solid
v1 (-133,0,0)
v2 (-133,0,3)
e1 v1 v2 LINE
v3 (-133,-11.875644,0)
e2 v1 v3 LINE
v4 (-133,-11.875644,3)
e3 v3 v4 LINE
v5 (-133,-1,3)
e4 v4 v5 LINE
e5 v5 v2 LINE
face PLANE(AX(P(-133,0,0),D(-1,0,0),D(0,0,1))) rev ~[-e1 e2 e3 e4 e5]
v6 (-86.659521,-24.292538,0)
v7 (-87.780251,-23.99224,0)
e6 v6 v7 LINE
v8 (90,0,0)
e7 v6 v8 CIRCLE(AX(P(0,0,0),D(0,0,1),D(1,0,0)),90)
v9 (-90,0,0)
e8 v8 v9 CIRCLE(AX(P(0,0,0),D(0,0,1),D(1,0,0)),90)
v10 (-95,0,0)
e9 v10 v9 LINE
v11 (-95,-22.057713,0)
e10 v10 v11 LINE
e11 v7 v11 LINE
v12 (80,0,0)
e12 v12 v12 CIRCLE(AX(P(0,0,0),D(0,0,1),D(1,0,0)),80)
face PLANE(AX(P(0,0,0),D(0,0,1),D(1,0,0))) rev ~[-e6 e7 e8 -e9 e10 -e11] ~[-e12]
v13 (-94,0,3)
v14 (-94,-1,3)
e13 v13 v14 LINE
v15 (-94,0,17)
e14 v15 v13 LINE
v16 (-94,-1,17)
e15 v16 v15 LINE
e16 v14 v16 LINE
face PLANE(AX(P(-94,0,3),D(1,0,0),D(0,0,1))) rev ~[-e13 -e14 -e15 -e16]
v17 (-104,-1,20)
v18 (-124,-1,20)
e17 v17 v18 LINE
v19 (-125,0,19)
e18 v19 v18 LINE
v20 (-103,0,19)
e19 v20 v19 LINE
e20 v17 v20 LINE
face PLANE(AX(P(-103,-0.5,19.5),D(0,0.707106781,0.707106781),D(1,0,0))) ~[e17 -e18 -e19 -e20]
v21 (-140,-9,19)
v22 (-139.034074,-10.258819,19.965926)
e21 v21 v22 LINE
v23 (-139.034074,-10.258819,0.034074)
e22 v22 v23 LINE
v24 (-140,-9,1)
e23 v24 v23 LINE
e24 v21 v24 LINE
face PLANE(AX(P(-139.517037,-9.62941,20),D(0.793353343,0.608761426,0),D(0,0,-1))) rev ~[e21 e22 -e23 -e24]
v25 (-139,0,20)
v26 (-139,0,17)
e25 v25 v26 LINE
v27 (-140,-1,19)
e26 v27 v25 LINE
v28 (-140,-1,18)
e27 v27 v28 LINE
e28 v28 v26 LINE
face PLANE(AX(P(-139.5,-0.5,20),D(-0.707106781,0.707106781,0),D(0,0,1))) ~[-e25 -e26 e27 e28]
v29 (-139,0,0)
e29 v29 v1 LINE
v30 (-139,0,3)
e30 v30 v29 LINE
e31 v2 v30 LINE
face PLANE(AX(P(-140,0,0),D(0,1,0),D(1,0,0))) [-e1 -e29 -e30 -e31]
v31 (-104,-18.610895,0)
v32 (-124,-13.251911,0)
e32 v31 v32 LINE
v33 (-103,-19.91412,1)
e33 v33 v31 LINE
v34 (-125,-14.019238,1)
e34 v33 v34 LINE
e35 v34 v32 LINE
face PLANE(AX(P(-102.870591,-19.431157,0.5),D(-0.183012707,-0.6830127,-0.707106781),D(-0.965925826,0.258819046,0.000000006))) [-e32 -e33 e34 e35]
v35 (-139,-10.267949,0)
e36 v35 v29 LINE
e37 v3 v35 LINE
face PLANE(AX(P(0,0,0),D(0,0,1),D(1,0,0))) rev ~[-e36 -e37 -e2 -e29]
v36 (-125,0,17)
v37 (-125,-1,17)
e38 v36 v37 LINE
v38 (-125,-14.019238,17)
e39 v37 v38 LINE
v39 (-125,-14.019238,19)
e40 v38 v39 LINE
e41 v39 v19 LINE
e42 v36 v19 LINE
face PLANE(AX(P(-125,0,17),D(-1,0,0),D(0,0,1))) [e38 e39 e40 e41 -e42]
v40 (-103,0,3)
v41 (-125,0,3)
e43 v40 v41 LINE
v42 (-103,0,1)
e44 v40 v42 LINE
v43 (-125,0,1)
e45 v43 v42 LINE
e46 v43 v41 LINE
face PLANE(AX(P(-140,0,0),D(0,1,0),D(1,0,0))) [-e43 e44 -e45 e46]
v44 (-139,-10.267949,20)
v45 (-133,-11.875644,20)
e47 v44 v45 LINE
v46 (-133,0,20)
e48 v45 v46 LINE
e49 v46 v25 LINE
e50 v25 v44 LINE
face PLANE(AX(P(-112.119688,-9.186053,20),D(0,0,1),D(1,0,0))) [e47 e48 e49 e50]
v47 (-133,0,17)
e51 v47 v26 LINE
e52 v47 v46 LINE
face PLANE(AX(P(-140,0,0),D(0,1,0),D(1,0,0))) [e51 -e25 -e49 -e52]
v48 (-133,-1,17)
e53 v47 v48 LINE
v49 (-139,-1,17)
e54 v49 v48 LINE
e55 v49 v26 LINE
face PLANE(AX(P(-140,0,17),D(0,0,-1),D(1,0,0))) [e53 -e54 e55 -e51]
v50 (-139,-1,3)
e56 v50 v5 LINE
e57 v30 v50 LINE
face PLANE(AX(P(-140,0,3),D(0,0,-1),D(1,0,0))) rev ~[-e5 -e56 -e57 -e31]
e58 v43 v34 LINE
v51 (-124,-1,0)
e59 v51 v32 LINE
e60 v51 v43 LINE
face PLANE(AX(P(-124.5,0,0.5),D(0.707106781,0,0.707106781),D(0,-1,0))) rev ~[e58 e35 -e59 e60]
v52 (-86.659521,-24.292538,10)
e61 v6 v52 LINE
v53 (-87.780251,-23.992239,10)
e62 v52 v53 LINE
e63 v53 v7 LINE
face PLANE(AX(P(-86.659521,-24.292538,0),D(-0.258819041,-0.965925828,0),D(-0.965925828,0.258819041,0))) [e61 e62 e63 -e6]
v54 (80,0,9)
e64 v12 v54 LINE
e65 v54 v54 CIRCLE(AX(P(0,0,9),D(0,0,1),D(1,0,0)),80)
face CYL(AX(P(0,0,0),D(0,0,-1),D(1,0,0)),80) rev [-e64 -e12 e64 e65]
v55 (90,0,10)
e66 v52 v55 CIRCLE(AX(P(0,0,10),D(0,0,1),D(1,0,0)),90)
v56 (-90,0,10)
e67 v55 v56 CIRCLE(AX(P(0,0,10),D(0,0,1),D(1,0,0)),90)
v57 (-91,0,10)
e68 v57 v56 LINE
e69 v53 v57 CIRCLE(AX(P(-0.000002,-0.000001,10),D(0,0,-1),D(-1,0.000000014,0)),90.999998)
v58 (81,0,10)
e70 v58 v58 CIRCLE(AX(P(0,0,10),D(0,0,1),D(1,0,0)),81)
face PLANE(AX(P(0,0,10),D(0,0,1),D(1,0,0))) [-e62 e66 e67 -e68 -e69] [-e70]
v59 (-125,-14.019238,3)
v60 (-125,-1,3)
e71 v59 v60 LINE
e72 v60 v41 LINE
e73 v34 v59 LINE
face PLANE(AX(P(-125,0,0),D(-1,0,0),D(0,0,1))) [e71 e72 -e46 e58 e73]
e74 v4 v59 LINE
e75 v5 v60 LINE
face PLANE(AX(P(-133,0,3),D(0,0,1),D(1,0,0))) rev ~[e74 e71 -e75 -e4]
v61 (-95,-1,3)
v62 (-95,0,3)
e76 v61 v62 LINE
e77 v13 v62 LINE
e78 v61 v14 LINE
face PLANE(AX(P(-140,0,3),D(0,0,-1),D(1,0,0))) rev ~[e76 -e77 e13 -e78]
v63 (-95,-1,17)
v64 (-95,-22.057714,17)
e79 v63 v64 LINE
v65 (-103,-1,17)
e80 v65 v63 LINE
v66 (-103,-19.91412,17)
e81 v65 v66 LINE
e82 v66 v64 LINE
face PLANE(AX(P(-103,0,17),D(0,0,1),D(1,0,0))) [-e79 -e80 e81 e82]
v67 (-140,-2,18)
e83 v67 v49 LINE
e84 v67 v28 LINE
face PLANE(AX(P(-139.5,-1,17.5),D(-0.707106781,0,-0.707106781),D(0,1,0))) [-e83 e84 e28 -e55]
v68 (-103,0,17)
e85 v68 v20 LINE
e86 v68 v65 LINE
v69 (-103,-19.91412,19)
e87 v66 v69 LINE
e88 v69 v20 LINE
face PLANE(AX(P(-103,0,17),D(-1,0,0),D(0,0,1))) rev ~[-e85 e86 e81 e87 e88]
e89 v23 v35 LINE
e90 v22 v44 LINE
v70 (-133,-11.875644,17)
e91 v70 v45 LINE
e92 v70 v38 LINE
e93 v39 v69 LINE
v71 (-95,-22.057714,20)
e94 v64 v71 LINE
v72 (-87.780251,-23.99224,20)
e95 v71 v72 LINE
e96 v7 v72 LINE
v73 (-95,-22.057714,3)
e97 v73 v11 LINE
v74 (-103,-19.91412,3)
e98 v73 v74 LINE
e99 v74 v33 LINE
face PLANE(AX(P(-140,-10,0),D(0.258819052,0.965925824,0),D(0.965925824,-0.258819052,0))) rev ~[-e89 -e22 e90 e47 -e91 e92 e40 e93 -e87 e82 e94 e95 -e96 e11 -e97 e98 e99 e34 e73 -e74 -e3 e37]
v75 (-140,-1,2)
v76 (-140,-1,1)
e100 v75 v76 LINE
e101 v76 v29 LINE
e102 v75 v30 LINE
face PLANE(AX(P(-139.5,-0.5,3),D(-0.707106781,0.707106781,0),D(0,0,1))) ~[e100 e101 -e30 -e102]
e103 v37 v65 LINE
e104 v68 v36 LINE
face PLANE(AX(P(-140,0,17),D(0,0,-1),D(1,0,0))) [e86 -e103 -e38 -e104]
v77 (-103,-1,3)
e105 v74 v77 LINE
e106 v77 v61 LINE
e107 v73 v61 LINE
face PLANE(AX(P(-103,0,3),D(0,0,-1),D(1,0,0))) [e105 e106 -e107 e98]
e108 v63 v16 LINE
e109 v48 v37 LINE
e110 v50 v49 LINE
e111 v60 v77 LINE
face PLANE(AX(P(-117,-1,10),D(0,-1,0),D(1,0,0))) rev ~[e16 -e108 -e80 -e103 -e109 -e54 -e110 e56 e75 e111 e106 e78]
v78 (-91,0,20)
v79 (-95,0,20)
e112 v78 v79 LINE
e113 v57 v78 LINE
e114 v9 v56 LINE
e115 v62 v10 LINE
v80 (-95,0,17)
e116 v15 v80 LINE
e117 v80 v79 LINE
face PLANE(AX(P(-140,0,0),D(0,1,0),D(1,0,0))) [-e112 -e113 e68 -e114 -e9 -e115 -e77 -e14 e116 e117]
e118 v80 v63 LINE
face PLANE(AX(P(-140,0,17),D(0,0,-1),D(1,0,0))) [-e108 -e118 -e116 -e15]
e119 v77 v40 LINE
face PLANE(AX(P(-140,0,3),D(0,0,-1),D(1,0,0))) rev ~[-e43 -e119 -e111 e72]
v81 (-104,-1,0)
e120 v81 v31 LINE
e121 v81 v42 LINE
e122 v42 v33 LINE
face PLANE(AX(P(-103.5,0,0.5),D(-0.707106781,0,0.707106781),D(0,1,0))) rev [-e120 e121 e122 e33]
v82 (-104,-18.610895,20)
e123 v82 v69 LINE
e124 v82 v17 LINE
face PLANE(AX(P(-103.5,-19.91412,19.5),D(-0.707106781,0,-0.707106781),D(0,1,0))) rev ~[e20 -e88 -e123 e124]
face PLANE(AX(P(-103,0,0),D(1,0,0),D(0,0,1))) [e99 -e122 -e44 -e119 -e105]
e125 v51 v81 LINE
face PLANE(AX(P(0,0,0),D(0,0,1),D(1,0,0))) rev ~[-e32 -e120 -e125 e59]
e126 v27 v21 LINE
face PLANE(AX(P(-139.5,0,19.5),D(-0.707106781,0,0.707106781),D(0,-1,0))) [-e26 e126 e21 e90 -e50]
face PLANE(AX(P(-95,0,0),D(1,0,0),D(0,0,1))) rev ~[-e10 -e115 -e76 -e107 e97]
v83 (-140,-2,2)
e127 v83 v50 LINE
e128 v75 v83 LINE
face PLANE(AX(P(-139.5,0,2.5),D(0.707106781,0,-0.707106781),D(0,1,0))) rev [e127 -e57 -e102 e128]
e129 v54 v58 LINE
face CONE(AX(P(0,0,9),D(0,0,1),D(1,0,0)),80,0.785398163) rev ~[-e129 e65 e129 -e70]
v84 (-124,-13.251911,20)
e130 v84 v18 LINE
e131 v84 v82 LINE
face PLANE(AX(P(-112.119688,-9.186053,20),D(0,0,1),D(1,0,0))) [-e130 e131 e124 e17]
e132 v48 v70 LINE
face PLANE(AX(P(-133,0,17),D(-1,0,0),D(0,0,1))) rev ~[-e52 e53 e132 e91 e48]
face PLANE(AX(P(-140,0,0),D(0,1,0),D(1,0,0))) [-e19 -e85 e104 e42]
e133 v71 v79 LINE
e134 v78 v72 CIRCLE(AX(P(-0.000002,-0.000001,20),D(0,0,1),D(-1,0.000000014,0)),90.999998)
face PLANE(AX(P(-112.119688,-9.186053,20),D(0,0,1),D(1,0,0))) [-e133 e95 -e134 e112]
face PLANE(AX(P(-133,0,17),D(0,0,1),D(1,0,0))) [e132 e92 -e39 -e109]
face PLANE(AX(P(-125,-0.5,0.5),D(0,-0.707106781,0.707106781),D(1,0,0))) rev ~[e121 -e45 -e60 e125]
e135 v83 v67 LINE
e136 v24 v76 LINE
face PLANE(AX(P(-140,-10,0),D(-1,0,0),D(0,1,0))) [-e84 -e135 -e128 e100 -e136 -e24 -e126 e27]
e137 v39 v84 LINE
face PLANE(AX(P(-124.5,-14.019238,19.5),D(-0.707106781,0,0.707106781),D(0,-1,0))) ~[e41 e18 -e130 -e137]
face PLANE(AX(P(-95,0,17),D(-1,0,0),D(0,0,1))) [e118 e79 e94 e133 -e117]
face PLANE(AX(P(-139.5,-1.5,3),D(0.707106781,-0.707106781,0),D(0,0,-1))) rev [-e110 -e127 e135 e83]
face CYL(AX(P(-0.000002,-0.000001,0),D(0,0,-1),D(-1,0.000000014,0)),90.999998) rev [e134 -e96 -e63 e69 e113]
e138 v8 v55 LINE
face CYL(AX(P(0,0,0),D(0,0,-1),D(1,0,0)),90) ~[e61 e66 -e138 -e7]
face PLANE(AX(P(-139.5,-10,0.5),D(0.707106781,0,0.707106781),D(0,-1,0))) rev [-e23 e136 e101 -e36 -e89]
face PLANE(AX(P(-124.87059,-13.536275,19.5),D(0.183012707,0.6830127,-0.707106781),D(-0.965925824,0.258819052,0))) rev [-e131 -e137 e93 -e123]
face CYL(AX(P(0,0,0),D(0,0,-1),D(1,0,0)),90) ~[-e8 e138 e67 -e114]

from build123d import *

# Parameters (mm, degrees)
SKETCH_R        = 90
SKETCH_R_2      = 80
PAD_DEPTH       = 10
PAD001_DEPTH    = 10
PAD002_DEPTH    = 20
SKETCH003_W     = 8
SKETCH003_H     = 3
POCKET_DEPTH    = 26
SKETCH005_W     = 46
SKETCH005_H     = 14
POCKET001_DEPTH = 1
CHAMFER_SIZE    = 1
CHAMFER001_SIZE = 1
CHAMFER002_SIZE = 1
CHAMFER003_SIZE = 1


with BuildPart() as part:
    # Sketch → Pad (new body)
    with BuildSketch(Plane.XY):
        Circle(SKETCH_R)
        Circle(SKETCH_R_2, mode=Mode.SUBTRACT)
    extrude(amount=PAD_DEPTH)

    # Sketch001 → Pad001 (join)
    with BuildSketch(Plane.XY):
        with BuildLine():
            Line((-86.659521, -24.292538), (-140, -10))
            Line((-140, -10), (-140, 0))
            Line((-140, 0), (-90, 0))
            ThreePointArc((-90, 0), (-89.160969, -12.260569), (-86.659521, -24.292538))
        make_face()
    extrude(amount=PAD001_DEPTH)

    # Sketch002 → Pad002 (join)
    with BuildSketch(Plane.XY):
        with BuildLine():
            Line((-91, 0), (-140, 0))
            Line((-140, 0), (-140, -10))
            Line((-140, -10), (-87.780251, -23.99224))
            ThreePointArc((-91, 0), (-90.191471, -12.10366), (-87.780251, -23.99224))
        make_face()
    extrude(amount=PAD002_DEPTH)

    # Sketch003 → Pocket (cut, symmetric)
    with BuildSketch(Plane.XZ):
        with Locations((-129, 18.5)):
            Rectangle(SKETCH003_W, SKETCH003_H)
        with Locations((-99, 18.5)):
            Rectangle(SKETCH003_W, SKETCH003_H)
        with Locations((-129, 1.5)):
            Rectangle(SKETCH003_W, SKETCH003_H)
        with Locations((-99, 1.5)):
            Rectangle(SKETCH003_W, SKETCH003_H)
    extrude(amount=POCKET_DEPTH, both=True, mode=Mode.SUBTRACT)

    # Sketch005 → Pocket001 (cut, symmetric)
    with BuildSketch(Plane.XZ):
        with Locations((-117, 10)):
            Rectangle(SKETCH005_W, SKETCH005_H)
    extrude(amount=POCKET001_DEPTH, both=True, mode=Mode.SUBTRACT)

    # Chamfer
    chamfer_edges = [part.edges().sort_by_distance(p)[0] for p in [
        (-80, 0, 10),
    ]]
    chamfer(chamfer_edges, length=CHAMFER_SIZE)

    # Chamfer001
    chamfer001_edges = [part.edges().sort_by_distance(p)[0] for p in [
        (-140, -10, 15),
        (-140, -5, 20),
        (-140, 0, 18.5),
        (-140, -0.5, 17),
        (-140, -1, 13.5),
        (-140, -5.5, 10),
        (-140, -5, 0),
        (-140, 0, 1.5),
        (-140, -0.5, 3),
        (-140, -1, 6.5),
        (-140, -10, 5),
    ]]
    chamfer(chamfer001_edges, length=CHAMFER001_SIZE)

    # Chamfer002
    chamfer002_edges = [part.edges().sort_by_distance(p)[0] for p in [
        (-103, -9.95706, 20),
        (-114, -16.966679, 20),
        (-125, -7.009619, 20),
        (-114, 0, 20),
    ]]
    chamfer(chamfer002_edges, length=CHAMFER002_SIZE)

    # Chamfer003
    chamfer003_edges = [part.edges().sort_by_distance(p)[0] for p in [
        (-114, 0, 0),
        (-125, -7.009619, 0),
        (-114, -16.966679, 0),
        (-103, -9.95706, 0),
    ]]
    chamfer(chamfer003_edges, length=CHAMFER003_SIZE)


solid = part.part
